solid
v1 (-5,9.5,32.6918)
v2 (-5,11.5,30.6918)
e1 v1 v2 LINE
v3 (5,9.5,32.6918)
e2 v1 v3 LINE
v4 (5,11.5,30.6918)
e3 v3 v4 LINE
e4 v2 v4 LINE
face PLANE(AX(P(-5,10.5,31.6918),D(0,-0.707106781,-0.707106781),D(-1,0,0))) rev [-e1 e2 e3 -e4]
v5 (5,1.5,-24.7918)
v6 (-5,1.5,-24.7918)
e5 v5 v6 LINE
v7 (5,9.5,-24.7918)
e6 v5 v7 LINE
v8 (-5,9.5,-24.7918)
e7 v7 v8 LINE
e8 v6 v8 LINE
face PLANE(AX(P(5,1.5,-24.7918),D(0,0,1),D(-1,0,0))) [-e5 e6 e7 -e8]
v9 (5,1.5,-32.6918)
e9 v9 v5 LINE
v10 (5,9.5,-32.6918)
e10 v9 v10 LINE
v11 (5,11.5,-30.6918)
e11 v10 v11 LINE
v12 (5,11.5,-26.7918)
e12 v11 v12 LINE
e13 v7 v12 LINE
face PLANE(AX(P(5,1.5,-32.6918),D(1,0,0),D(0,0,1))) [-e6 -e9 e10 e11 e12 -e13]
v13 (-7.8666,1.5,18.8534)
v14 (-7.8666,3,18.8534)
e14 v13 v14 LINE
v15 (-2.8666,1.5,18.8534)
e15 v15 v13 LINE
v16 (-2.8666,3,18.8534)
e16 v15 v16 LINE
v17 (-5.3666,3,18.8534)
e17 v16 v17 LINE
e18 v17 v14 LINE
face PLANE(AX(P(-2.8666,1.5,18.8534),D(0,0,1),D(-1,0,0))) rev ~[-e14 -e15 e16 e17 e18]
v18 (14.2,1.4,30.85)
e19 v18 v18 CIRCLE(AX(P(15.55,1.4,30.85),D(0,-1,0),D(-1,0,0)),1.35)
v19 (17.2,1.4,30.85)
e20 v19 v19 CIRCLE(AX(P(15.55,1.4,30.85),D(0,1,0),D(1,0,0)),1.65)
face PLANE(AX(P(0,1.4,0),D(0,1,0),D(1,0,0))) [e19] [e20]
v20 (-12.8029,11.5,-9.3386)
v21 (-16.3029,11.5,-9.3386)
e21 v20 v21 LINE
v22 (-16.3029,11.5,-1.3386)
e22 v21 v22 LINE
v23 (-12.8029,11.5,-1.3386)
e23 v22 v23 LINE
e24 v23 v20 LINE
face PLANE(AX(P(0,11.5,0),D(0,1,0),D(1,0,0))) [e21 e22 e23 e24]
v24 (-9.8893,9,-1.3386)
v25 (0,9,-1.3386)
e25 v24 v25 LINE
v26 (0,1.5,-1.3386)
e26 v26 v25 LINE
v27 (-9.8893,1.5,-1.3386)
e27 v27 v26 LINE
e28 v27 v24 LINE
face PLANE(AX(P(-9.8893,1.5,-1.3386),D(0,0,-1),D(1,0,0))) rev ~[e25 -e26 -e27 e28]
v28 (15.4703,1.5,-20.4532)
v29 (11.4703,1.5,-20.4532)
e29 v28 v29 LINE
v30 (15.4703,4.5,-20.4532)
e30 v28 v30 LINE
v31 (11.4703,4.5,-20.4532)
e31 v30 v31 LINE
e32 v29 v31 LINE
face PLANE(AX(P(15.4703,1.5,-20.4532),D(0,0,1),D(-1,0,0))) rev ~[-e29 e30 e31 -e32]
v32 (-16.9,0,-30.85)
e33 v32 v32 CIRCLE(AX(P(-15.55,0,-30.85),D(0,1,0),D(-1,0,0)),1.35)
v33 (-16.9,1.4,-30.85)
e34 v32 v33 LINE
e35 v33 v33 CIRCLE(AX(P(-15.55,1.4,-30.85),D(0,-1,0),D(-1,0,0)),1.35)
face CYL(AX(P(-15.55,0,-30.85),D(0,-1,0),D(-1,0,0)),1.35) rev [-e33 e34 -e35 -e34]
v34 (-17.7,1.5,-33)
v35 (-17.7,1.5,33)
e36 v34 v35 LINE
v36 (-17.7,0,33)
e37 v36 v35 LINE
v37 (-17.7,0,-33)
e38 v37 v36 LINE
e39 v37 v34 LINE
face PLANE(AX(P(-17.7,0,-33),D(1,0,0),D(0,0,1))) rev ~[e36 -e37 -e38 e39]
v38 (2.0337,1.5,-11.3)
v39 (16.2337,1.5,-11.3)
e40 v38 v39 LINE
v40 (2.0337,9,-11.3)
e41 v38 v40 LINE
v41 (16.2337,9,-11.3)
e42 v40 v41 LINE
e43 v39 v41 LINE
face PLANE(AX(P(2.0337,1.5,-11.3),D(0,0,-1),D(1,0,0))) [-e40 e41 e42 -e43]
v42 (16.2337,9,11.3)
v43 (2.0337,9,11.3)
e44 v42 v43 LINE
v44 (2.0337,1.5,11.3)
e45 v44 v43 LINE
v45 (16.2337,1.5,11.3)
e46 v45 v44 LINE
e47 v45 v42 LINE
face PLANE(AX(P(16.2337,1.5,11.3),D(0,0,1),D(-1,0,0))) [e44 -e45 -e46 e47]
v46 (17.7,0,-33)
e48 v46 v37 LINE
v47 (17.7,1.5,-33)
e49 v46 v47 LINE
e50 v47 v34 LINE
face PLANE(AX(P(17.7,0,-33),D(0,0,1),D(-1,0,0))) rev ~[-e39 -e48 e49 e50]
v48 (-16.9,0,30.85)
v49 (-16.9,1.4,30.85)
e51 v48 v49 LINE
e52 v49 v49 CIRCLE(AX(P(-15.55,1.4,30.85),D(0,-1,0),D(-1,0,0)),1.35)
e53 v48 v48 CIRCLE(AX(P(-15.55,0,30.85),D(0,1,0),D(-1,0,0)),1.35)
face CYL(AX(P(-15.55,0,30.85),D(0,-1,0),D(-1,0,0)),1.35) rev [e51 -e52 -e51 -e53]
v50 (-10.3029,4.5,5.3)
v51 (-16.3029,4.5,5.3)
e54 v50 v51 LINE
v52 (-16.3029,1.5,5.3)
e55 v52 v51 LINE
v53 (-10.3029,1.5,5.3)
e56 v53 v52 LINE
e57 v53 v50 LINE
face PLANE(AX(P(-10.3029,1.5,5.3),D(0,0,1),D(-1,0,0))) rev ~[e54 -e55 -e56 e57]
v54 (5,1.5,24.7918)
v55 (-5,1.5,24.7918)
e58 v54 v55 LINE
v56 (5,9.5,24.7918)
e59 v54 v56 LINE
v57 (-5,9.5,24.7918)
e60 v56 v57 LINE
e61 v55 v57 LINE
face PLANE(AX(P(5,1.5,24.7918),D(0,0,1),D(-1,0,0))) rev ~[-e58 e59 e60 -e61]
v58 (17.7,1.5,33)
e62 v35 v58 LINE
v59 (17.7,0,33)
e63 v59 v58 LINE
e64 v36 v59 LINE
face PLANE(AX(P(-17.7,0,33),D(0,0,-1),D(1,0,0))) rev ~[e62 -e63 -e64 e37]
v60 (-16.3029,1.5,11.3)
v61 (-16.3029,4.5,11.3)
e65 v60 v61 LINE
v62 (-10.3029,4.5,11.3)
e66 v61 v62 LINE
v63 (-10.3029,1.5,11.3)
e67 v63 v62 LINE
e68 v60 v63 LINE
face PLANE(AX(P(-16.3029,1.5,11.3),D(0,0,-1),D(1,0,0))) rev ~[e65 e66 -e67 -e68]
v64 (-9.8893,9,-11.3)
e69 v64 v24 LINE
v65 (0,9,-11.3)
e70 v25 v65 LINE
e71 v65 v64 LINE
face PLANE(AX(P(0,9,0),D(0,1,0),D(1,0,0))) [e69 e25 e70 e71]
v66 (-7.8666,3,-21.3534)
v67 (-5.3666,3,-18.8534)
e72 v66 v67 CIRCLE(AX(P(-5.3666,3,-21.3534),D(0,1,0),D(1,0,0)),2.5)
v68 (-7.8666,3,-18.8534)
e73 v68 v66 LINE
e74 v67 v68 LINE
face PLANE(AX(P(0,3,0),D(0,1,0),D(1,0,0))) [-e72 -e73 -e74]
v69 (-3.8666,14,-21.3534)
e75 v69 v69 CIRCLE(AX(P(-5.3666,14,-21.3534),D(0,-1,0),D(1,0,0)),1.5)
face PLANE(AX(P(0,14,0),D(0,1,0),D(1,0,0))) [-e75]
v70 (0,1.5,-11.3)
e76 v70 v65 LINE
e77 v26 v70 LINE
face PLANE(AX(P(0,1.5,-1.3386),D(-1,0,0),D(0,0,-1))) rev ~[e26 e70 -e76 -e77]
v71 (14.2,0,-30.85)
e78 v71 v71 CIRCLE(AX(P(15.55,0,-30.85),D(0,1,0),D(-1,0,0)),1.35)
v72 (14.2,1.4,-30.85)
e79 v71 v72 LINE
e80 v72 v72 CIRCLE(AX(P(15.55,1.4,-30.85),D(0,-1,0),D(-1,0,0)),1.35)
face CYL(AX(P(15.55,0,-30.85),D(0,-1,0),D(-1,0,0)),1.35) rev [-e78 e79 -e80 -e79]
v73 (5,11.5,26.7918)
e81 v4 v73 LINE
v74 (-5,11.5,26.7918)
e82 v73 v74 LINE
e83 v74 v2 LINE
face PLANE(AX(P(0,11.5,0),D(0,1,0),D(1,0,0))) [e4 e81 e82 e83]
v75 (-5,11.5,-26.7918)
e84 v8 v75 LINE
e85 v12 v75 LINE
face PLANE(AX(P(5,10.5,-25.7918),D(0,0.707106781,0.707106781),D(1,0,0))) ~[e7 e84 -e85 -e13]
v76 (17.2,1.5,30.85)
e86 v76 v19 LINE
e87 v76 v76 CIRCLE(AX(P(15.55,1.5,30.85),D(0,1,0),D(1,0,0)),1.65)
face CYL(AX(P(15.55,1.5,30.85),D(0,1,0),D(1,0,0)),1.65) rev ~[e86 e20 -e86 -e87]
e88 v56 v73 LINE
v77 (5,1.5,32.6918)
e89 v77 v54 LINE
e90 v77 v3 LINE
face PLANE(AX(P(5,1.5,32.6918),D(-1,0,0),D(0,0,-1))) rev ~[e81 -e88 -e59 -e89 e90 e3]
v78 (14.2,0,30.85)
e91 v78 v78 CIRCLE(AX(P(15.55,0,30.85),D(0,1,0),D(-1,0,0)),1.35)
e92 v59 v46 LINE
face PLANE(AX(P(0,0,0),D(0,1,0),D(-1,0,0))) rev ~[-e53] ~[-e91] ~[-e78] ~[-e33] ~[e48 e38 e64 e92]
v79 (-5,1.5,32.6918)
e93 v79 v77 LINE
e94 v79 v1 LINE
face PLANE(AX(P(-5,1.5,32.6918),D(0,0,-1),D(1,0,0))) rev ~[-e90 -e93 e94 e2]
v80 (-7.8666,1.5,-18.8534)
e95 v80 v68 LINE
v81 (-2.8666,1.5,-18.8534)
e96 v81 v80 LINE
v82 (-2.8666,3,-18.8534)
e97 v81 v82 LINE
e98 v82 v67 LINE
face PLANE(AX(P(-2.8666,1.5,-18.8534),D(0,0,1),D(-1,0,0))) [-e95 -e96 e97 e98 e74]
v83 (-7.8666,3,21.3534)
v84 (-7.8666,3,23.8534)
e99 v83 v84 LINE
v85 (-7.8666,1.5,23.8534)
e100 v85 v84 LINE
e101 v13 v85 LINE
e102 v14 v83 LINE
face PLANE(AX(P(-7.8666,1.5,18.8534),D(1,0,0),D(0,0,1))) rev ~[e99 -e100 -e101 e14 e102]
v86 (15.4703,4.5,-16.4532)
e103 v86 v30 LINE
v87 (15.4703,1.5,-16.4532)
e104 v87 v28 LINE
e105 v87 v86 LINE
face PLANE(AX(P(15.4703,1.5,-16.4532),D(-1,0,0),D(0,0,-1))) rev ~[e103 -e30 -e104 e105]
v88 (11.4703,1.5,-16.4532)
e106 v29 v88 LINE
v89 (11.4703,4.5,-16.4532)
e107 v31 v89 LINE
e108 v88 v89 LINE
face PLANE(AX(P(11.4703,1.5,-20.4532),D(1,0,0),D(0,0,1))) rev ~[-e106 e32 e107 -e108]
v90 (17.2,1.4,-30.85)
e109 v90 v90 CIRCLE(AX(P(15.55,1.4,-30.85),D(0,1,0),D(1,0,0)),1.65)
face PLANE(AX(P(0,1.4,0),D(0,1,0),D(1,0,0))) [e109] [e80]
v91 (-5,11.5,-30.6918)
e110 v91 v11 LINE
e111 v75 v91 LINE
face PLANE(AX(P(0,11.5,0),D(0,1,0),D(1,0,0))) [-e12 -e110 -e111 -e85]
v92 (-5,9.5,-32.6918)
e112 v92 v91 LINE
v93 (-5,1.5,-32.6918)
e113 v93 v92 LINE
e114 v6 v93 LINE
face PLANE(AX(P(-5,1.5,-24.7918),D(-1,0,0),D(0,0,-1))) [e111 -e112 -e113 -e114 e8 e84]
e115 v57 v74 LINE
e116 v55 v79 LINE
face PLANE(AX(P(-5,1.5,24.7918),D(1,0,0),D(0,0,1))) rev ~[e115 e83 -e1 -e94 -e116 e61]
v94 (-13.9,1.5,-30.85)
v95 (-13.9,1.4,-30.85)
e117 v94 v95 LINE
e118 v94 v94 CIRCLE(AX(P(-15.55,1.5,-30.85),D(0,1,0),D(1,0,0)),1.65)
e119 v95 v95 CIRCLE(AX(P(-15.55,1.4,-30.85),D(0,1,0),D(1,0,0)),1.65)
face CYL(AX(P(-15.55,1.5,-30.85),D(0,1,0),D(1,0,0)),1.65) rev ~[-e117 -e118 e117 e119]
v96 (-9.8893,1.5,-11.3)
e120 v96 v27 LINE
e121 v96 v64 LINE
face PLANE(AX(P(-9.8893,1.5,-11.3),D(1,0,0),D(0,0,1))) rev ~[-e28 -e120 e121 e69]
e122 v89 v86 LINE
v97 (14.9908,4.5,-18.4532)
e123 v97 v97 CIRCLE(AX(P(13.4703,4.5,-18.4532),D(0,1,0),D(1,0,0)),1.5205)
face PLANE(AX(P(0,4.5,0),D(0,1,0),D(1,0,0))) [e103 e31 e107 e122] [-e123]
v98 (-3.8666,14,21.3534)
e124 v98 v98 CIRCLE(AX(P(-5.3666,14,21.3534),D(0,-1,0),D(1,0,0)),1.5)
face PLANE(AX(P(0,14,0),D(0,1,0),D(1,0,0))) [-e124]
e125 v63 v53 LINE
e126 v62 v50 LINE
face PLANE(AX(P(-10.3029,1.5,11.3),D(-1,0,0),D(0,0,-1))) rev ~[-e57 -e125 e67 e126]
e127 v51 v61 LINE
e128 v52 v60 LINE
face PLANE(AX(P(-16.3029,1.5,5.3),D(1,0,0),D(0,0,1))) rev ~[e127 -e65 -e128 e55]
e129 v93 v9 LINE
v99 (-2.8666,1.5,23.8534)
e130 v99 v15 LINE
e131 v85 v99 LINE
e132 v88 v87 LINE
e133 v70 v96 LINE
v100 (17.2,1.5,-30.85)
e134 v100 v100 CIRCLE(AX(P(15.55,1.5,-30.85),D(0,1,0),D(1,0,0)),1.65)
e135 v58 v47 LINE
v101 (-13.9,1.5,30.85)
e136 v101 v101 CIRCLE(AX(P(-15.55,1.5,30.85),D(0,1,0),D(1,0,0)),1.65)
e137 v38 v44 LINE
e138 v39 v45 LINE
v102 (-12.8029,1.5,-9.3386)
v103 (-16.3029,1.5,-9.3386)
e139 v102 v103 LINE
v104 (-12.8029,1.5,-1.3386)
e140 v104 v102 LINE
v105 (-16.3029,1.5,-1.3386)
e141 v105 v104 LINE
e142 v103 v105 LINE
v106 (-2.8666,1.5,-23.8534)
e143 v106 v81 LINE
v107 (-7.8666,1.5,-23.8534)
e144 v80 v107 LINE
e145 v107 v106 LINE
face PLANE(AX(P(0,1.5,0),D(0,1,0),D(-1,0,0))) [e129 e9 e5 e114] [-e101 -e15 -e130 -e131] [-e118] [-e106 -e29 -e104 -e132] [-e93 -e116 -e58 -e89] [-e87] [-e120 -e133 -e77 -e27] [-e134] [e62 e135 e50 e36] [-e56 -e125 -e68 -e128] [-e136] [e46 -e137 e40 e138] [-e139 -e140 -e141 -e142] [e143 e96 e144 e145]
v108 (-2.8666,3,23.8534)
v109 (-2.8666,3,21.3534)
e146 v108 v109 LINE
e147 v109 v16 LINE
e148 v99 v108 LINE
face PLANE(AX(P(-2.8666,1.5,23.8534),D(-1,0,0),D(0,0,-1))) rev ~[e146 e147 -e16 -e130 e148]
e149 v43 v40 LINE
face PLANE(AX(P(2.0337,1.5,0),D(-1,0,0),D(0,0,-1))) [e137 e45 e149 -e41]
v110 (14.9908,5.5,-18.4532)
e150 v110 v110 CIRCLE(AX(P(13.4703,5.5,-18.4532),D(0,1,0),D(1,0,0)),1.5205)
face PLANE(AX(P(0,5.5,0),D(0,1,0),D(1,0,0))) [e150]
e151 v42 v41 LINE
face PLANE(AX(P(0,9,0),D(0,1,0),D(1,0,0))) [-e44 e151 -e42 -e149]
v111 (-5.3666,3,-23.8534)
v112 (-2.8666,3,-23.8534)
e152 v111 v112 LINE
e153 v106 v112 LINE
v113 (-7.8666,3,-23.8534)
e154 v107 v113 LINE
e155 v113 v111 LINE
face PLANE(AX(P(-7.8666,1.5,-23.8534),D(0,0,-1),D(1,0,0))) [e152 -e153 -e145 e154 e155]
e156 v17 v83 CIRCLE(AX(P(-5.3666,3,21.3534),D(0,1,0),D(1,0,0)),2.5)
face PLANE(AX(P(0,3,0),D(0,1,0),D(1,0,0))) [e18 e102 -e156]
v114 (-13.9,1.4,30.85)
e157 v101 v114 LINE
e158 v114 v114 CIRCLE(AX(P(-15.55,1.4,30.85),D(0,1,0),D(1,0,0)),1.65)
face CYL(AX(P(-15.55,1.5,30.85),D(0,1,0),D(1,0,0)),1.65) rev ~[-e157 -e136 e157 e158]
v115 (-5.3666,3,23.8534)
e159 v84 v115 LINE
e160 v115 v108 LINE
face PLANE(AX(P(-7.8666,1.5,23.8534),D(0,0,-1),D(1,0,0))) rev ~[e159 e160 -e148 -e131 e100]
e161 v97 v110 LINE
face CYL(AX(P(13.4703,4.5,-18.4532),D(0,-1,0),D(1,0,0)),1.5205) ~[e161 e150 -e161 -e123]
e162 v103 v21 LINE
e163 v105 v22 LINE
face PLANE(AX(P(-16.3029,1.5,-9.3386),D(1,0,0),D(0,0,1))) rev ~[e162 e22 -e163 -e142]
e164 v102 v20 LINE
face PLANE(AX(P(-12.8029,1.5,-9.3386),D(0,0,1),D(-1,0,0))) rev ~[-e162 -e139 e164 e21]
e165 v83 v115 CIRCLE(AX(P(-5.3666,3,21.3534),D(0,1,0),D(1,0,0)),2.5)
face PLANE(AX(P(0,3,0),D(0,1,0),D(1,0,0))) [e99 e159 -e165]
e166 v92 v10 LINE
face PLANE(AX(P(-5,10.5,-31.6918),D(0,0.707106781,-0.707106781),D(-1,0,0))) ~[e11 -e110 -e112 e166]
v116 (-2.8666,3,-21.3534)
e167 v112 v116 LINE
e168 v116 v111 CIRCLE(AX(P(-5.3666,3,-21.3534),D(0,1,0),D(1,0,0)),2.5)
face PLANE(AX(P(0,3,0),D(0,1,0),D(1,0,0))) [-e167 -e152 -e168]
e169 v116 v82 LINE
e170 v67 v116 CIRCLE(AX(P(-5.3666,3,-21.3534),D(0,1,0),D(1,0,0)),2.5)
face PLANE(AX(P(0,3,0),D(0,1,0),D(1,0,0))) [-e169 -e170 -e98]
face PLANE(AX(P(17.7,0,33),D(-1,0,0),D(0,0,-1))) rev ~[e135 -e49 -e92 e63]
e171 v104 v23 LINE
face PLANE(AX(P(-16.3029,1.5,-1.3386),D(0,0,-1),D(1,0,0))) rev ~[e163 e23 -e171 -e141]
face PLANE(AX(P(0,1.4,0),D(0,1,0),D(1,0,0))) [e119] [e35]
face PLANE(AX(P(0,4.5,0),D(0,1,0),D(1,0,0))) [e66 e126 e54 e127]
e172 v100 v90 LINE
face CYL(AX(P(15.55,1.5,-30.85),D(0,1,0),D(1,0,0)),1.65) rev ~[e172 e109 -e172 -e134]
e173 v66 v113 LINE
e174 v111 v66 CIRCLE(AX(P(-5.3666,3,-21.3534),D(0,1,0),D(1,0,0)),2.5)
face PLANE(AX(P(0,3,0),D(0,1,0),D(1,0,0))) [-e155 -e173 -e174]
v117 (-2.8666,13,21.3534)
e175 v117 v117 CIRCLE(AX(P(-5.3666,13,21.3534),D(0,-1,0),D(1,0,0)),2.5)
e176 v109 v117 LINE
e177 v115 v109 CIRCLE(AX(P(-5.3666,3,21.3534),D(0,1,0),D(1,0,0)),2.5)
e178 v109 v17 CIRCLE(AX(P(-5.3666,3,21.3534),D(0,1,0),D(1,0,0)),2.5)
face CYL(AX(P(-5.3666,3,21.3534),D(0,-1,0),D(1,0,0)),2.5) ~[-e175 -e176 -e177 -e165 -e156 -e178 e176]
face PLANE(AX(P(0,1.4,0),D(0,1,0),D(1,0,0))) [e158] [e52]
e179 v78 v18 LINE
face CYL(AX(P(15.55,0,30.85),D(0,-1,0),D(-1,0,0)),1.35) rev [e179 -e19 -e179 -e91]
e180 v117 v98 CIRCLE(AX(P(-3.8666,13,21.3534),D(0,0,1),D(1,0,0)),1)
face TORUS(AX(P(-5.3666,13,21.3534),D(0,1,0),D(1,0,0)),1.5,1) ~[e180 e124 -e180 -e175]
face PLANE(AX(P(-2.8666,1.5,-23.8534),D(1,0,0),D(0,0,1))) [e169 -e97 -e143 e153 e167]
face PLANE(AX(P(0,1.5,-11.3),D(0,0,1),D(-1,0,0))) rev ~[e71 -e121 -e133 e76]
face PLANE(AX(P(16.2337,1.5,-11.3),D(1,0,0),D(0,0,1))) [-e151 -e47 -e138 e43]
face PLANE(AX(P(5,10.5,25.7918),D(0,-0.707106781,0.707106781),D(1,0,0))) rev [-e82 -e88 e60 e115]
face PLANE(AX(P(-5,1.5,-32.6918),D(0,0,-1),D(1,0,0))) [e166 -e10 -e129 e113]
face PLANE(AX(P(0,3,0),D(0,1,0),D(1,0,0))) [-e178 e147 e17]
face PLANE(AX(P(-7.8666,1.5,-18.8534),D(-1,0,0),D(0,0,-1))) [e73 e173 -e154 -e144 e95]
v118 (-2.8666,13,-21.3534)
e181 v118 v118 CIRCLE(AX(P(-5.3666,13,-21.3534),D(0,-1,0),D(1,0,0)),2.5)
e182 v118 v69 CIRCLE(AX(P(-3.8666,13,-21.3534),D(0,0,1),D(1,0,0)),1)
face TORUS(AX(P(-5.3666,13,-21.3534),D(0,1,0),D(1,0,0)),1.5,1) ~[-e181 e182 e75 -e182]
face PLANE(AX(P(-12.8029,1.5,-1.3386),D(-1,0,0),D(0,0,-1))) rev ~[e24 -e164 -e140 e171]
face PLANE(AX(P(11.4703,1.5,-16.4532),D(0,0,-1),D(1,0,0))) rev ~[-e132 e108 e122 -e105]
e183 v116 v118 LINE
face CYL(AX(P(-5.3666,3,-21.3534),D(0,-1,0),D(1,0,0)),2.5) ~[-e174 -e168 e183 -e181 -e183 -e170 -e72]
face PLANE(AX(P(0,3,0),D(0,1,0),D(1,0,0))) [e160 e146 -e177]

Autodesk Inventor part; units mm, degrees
ref_plane "YZ Plane" through (0, 0, 0) normal (1, 0, 0) x (0, 1, 0)
ref_plane "XZ Plane" through (0, 0, 0) normal (0, 1, 0) x (-1, 0, 0)
ref_plane "XY Plane" through (0, 0, 0) normal (0, 0, 1) x (1, 0, 0)
sketch "Esboço1" plane through (0, 0, 0) normal (0, 1, 0) x (-1, 0, 0)
  line L0 (-17.7, -33) -> (17.7, -33)
  line L1 (17.7, -33) -> (17.7, 33)
  line L2 (17.7, 33) -> (-17.7, 33)
  line L3 (-17.7, 33) -> (-17.7, -33)
  line L4 (-17.7, -33) -> (17.7, 33) construction
  line L5 (17.7, -33) -> (-17.7, 33) construction
  circle A0 centre (15.55, 30.85) radius 1.35
  circle A1 centre (-15.55, 30.85) radius 1.35
  circle A2 centre (15.55, -30.85) radius 1.35
  circle A3 centre (-15.55, -30.85) radius 1.35
  point P0 (0, 0)
  dimension "d0" = 35.4
  dimension "d1" = 66
  dimension "d2" = 2.7
  dimension "d4" = 0.8
  dimension "d5" = 0.8
  dimension "d6" = 2.7
  dimension "d8" = 0.8
  dimension "d9" = 0.8
extrude "Extrusão1" add sketch "Esboço1" along normal blind 1.5
sketch "Esboço2" plane through (0, 1.5, 0) normal (0, 1, 0) x (1, 0, 0)
  line L0 (5, 24.7918) -> (-5, 24.7918)
  line L1 (-5, 24.7918) -> (-5, 32.6918)
  line L2 (-5, 32.6918) -> (5, 32.6918)
  line L3 (5, 32.6918) -> (5, 24.7918)
  line L4 (5, 24.7918) -> (-5, 32.6918) construction
  line L5 (-5, 24.7918) -> (5, 32.6918) construction
  line L6 (-26.0305, 0) -> (25.0606, 0)
  line L7 (5, -24.7918) -> (-5, -24.7918)
  line L8 (-5, -24.7918) -> (-5, -32.6918)
  line L9 (-5, -32.6918) -> (5, -32.6918)
  line L10 (5, -32.6918) -> (5, -24.7918)
  line L11 (16.2337, -11.3) -> (2.0337, -11.3)
  line L12 (2.0337, -11.3) -> (2.0337, 11.3)
  line L13 (2.0337, 11.3) -> (16.2337, 11.3)
  line L14 (16.2337, 11.3) -> (16.2337, -11.3)
  line L15 (16.2337, -11.3) -> (2.0337, 11.3) construction
  line L16 (2.0337, -11.3) -> (16.2337, 11.3) construction
  line L17 (-7.8666, -23.8534) -> (-2.8666, -23.8534)
  line L18 (-2.8666, -23.8534) -> (-2.8666, -18.8534)
  line L19 (-2.8666, -18.8534) -> (-7.8666, -18.8534)
  line L20 (-7.8666, -18.8534) -> (-7.8666, -23.8534)
  line L21 (-7.8666, 23.8534) -> (-2.8666, 23.8534)
  line L22 (-2.8666, 23.8534) -> (-2.8666, 18.8534)
  line L23 (-2.8666, 18.8534) -> (-7.8666, 18.8534)
  line L24 (-7.8666, 18.8534) -> (-7.8666, 23.8534)
  line L25 (11.4703, 16.4532) -> (15.4703, 16.4532)
  line L26 (15.4703, 16.4532) -> (15.4703, 20.4532)
  line L27 (15.4703, 20.4532) -> (11.4703, 20.4532)
  line L28 (11.4703, 20.4532) -> (11.4703, 16.4532)
  line L29 (-16.3029, 1.3386) -> (-12.8029, 1.3386)
  line L30 (-12.8029, 1.3386) -> (-12.8029, 9.3386)
  line L31 (-12.8029, 9.3386) -> (-16.3029, 9.3386)
  line L32 (-16.3029, 9.3386) -> (-16.3029, 1.3386)
  line L33 (-9.8893, 1.3386) -> (0, 1.3386)
  line L34 (0, 1.3386) -> (0, 11.3)
  line L35 (0, 11.3) -> (-9.8893, 11.3)
  line L36 (-9.8893, 11.3) -> (-9.8893, 1.3386)
  line L37 (-16.3029, -11.3) -> (-10.3029, -11.3)
  line L38 (-10.3029, -11.3) -> (-10.3029, -5.3)
  line L39 (-10.3029, -5.3) -> (-16.3029, -5.3)
  line L40 (-16.3029, -5.3) -> (-16.3029, -11.3)
  circle A0 centre (-15.55, -30.85) radius 1.35 projected
  circle A1 centre (-15.55, -30.85) radius 1.65
  circle A2 centre (15.55, -30.85) radius 1.35 projected
  circle A3 centre (15.55, -30.85) radius 1.65
  circle A4 centre (-15.55, 30.85) radius 1.65
  circle A5 centre (15.55, 30.85) radius 1.65
  point P0 (0, 0)
  point P1 (0, 28.7418)
  point P2 (0, -28.7418)
  point P3 (9.1337, 0)
  dimension "d12" = 10
  dimension "d13" = 7.9
  dimension "d14" = 14.2
  dimension "d15" = 22.6
  dimension "d16" = 5
  dimension "d17" = 5
  dimension "d18" = 4
  dimension "d19" = 4
  dimension "d20" = 3.5
  dimension "d21" = 8
  dimension "d22" = 6
  dimension "d23" = 6
  dimension "d42" = 3.3
  dimension "d43" = 3.3
extrude "Extrusão2" add sketch "Esboço2" along normal blind 10 contours L0 L1 L2 L3 | L10 L9 L8 L7 | L32 L31 L30 L29
chamfer "Chanfro1" distance 2 angle 45 4 edges at (0, 11.5, -24.7918) (0, 11.5, -32.6918) (0, 11.5, 32.6918) (0, 11.5, 24.7918)
extrude "Extrusão3" add sketch "Esboço2" along normal blind 7.5 contours L12 L13 L14 L6 | L6 L14 L11 L12 | L36 L35 L34 L33
extrude "Extrusão4" add sketch "Esboço2" along normal blind 3 contours L28 L27 L26 L25 | L40 L39 L38 L37
extrude "Extrusão5" add sketch "Esboço2" along normal blind 1.5 contours L20 L19 L18 L17 | L21 L22 L23 L24
sketch "Esboço3" plane through (0, 3, 0) normal (0, 1, 0) x (1, 0, 0)
  line L0 (-7.8666, -18.8534) -> (-7.8666, -23.8534) projected
  line L1 (-7.8666, -23.8534) -> (-2.8666, -23.8534) projected
  line L2 (-2.8666, -18.8534) -> (-7.8666, -18.8534) projected
  line L3 (-2.8666, -23.8534) -> (-2.8666, -18.8534) projected
  circle A0 centre (-5.3666, -21.3534) radius 2.5
  point P0 (0, 0)
sketch "Esboço4" plane through (0, 3, 0) normal (0, 1, 0) x (1, 0, 0)
  line L0 (-7.8666, 23.8534) -> (-7.8666, 18.8534) projected
  line L1 (-7.8666, 18.8534) -> (-2.8666, 18.8534) projected
  line L2 (-2.8666, 23.8534) -> (-7.8666, 23.8534) projected
  line L3 (-2.8666, 18.8534) -> (-2.8666, 23.8534) projected
  circle A0 centre (-5.3666, 21.3534) radius 2.5
  point P0 (0, 0)
sketch "Esboço7" plane through (0, 4.5, 0) normal (0, 1, 0) x (1, 0, 0)
  line L0 (11.4703, 20.4532) -> (11.4703, 16.4532) projected
  line L1 (11.4703, 16.4532) -> (15.4703, 16.4532) projected
  line L2 (15.4703, 20.4532) -> (11.4703, 20.4532) projected
  line L3 (15.4703, 16.4532) -> (15.4703, 20.4532) projected
  circle A0 centre (13.4703, 18.4532) radius 1.5205
  point P0 (0, 0)
extrude "Extrusão6" add sketch "Esboço3" along normal blind 11 contours A0
extrude "Extrusão7" add sketch "Esboço4" along normal blind 11 contours A0
extrude "Extrusão8" add sketch "Esboço7" along normal blind 1 contours A0
fillet "Arredondamento1" radius 1 2 edges at (-7.8666, 14, 21.3534) (-7.8666, 14, -21.3534)
extrude "Extrusão9" cut sketch "Esboço2" against normal blind 0.1 contours A1 | A3 | A4 | A5
properties part number "STEP_DOWN_LM2596"
